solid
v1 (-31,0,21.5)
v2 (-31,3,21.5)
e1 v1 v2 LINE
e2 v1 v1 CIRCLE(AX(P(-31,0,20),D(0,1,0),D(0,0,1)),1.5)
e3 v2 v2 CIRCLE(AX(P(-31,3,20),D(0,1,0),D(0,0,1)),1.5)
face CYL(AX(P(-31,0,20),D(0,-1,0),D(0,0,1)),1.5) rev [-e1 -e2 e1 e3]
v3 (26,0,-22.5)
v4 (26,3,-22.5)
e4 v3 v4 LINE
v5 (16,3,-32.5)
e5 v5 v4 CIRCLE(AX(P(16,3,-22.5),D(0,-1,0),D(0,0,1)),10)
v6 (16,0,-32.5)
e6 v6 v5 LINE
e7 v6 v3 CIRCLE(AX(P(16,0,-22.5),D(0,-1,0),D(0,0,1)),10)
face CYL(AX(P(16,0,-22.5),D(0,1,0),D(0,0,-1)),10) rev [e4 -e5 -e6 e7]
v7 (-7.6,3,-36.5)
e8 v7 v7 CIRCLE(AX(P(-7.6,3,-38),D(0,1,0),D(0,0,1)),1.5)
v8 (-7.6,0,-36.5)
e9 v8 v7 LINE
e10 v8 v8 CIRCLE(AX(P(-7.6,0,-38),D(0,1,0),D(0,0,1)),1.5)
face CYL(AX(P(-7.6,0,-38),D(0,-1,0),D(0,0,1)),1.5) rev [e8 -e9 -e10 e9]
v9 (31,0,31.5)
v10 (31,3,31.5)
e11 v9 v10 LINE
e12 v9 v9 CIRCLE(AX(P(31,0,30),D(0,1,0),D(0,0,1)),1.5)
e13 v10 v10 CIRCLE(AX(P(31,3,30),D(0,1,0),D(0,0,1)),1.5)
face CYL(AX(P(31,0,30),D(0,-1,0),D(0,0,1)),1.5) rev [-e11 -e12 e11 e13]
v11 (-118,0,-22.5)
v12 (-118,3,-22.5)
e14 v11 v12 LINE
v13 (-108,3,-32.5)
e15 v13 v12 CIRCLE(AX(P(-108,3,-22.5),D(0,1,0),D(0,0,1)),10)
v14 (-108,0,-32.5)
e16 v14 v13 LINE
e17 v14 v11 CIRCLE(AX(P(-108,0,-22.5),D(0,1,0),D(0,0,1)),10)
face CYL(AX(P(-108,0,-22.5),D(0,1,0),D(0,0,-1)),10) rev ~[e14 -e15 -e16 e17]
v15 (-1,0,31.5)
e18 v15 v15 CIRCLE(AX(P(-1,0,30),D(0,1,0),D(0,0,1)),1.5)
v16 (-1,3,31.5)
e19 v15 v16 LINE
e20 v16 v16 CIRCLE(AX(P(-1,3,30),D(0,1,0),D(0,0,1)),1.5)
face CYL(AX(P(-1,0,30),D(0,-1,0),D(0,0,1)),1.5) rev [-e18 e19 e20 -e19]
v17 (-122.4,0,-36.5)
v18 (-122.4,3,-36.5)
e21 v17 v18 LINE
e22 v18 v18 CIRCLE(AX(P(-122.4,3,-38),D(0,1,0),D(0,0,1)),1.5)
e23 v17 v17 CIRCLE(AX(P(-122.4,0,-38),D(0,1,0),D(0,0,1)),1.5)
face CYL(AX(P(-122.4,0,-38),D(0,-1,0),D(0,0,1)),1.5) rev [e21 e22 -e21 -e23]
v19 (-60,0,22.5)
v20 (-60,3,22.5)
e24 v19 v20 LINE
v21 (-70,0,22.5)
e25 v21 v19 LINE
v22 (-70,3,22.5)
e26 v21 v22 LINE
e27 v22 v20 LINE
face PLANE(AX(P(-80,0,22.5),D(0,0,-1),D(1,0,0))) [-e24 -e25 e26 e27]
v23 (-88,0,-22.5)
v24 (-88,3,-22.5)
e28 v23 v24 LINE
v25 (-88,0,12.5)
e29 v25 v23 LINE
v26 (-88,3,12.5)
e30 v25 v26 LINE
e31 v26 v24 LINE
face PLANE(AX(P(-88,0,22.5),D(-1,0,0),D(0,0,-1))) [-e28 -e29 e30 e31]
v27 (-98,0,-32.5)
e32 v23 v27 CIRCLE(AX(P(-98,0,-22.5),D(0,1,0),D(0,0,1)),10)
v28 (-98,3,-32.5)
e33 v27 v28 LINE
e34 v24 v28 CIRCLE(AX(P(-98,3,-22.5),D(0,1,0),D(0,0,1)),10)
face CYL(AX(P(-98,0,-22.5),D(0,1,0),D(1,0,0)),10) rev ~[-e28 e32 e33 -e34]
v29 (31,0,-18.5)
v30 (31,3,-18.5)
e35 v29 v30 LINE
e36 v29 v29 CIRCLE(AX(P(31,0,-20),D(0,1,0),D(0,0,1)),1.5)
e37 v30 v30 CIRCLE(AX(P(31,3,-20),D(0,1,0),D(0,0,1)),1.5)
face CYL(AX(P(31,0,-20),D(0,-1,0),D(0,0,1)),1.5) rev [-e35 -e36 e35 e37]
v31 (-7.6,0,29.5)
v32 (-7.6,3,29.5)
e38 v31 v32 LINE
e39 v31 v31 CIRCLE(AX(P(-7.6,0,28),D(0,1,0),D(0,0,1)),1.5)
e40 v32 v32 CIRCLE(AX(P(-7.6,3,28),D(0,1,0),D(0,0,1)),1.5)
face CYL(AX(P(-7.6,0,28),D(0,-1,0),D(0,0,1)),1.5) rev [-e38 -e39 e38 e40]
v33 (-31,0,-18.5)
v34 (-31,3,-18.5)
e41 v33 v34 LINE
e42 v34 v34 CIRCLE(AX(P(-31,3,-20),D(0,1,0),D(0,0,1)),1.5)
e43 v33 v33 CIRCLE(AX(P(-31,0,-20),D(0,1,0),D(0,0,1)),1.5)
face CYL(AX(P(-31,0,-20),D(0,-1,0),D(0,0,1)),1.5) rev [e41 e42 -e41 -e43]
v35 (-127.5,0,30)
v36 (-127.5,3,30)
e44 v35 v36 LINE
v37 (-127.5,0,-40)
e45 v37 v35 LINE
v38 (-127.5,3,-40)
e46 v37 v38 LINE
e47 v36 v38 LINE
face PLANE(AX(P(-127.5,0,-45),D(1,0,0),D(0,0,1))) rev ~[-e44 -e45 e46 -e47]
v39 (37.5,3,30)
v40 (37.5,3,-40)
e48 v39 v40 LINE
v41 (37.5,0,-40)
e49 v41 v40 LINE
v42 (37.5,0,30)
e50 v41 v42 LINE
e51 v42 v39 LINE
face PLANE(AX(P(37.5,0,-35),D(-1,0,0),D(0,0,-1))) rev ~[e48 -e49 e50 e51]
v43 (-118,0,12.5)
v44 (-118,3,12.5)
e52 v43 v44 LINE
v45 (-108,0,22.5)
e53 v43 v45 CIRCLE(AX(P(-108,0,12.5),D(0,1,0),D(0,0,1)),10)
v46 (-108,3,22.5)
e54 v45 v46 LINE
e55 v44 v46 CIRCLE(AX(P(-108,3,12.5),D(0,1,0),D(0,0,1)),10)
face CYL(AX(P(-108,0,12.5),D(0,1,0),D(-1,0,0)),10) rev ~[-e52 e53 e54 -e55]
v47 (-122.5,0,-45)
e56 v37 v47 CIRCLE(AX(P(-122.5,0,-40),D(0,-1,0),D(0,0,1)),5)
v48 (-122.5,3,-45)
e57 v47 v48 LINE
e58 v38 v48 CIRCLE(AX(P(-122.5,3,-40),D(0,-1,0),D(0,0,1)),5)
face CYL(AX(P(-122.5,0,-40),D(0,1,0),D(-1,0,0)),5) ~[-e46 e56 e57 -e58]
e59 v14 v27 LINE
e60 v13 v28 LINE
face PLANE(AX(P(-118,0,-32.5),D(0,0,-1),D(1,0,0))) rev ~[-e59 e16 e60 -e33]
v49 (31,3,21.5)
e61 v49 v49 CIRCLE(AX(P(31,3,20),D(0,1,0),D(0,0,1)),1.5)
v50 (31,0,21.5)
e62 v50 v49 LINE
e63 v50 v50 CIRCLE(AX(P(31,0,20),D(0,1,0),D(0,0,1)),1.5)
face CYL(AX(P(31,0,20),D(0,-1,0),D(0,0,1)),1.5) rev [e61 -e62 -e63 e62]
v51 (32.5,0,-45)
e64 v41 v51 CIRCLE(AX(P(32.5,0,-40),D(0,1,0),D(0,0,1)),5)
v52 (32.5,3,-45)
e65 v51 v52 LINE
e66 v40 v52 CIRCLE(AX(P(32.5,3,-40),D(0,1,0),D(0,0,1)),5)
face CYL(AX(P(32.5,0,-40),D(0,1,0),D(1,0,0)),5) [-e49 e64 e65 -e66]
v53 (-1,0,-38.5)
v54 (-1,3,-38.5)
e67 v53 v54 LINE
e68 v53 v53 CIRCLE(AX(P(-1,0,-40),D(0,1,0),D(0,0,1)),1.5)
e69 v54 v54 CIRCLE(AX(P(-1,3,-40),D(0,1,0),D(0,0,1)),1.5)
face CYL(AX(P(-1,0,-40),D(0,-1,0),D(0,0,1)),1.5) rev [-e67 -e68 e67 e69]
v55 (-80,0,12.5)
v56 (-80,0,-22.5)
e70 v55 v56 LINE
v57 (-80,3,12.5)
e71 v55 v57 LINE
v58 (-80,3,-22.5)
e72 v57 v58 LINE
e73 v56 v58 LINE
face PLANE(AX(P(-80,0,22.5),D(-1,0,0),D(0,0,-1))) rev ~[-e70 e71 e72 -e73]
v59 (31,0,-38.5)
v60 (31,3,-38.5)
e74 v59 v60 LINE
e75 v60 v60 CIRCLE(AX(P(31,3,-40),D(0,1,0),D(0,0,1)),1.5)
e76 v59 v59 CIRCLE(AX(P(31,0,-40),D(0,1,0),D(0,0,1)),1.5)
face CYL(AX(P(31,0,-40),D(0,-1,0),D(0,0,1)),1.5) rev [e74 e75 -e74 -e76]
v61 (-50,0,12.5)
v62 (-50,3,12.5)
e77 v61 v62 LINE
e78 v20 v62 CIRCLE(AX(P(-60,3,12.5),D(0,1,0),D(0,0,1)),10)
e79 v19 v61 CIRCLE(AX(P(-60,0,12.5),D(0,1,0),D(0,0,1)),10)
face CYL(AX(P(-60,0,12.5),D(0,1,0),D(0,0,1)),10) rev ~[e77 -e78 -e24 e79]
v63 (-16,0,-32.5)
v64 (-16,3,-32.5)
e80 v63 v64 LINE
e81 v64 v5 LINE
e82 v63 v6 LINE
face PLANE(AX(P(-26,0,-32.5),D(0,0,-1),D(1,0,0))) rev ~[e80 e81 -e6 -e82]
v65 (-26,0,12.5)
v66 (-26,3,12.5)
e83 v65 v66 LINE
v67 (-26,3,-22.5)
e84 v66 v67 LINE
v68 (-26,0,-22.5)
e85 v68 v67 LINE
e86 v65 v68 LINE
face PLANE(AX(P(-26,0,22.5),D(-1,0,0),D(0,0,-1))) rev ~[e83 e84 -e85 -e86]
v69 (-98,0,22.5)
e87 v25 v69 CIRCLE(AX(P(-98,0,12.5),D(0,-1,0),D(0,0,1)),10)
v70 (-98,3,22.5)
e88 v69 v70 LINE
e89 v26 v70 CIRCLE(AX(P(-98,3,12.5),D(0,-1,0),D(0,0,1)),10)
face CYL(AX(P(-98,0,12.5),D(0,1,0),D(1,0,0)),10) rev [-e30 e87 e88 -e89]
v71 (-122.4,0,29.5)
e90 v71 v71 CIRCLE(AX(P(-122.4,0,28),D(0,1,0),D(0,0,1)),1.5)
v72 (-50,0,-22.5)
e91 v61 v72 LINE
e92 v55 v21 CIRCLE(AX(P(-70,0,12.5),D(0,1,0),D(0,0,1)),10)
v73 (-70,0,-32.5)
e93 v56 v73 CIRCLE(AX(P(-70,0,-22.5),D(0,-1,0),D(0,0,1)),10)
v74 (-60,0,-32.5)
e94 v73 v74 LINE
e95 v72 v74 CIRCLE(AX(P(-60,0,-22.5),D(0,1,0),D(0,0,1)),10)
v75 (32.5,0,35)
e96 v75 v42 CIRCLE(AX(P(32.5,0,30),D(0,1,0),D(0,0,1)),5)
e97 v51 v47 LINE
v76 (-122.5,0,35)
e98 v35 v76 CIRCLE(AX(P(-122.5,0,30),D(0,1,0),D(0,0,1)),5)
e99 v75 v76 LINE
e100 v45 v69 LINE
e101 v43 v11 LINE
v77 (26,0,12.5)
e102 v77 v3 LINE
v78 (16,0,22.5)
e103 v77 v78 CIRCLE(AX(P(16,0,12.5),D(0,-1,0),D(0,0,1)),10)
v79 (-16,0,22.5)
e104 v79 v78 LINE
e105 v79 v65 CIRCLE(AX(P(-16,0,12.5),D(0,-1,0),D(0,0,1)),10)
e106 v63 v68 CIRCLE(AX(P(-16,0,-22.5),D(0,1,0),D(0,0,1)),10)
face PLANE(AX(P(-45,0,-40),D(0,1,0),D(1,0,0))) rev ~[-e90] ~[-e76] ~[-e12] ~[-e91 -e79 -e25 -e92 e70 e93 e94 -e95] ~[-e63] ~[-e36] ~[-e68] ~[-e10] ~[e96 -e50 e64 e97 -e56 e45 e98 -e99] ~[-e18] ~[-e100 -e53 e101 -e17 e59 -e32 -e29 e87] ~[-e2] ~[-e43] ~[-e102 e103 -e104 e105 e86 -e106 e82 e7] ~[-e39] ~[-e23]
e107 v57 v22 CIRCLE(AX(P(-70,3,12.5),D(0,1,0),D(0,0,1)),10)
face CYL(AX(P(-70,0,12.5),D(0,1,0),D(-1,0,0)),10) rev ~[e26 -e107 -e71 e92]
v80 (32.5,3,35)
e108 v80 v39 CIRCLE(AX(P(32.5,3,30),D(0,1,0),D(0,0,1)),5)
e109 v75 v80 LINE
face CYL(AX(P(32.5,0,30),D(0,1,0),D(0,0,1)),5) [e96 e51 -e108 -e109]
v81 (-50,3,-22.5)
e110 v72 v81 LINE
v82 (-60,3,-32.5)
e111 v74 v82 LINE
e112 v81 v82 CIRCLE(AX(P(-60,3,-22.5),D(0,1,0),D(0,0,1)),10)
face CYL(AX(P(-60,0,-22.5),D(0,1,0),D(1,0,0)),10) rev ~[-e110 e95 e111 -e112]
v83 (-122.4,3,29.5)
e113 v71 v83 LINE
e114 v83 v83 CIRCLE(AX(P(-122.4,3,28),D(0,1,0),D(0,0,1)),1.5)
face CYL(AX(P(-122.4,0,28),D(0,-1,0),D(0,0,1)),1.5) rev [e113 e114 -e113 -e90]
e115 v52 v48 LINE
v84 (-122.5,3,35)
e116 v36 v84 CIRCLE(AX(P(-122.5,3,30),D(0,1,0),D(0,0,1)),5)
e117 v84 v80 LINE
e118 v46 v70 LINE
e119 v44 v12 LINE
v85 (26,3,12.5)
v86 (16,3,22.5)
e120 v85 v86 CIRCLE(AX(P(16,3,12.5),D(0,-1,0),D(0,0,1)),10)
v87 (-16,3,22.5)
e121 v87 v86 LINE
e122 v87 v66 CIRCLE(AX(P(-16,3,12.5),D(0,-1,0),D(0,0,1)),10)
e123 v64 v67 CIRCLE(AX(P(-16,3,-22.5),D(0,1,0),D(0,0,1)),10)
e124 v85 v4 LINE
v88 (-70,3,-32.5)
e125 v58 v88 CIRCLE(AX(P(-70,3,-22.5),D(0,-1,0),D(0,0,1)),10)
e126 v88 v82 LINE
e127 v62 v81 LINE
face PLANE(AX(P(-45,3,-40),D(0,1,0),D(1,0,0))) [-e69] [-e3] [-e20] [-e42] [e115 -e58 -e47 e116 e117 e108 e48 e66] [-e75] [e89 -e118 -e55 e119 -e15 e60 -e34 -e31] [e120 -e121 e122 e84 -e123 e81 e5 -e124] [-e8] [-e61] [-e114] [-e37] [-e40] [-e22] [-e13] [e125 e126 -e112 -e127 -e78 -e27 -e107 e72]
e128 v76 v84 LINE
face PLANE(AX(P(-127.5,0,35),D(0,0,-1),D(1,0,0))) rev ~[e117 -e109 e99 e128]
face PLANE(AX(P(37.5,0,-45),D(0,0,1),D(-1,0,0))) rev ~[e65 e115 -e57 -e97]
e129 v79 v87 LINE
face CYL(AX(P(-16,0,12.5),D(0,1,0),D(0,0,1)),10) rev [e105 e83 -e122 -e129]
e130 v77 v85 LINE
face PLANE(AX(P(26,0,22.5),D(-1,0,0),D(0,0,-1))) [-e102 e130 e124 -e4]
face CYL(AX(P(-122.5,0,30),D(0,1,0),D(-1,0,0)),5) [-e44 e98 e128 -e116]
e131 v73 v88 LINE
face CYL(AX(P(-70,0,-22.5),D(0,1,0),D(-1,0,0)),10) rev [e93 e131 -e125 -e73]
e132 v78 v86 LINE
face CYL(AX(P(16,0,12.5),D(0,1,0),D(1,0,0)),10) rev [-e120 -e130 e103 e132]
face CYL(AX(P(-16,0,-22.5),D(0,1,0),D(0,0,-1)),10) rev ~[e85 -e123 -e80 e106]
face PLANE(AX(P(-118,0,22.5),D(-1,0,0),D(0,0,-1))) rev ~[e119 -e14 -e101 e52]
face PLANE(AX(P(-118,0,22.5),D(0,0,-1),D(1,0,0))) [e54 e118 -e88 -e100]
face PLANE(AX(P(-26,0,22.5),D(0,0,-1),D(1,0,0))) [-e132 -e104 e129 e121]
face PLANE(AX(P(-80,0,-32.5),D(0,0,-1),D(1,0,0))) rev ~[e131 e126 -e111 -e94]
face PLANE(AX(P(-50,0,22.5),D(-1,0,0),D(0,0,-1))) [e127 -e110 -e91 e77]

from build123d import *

# Parameters (mm, degrees)
SKETCH_1_W      = 75
SKETCH_1_H      = 70
SKETCH_1_R      = 1.5
SKETCH_1_W_2    = 52
SKETCH_1_H_2    = 55
SKETCH_1_W_3    = 90
SKETCH_1_W_4    = 30
EXTRUDE_1_DEPTH = 3
FILLET_1_R      = 10
FILLET_2_R      = 5
FILLET_3_R      = 10


with BuildPart() as part:
    # 草图1 → 凸台-拉伸1 (new body)
    # profile 1 of 3: a face of its own
    with BuildSketch(Plane(origin=(0, 0, 0), x_dir=(1, 0, 0), z_dir=(0, 1, 0))):
        Rectangle(SKETCH_1_W, SKETCH_1_H)
        with Locations(Location((-7.6, -28, 0), (0, 0, 270))):
            Circle(SKETCH_1_R, mode=Mode.SUBTRACT)
        with Locations(Location((-31, -20, 0), (0, 0, 270))):
            Circle(SKETCH_1_R, mode=Mode.SUBTRACT)
        with Locations(Location((-1, -30, 0), (0, 0, 270))):
            Circle(SKETCH_1_R, mode=Mode.SUBTRACT)
        with Locations(Location((31, -30, 0), (0, 0, 270))):
            Circle(SKETCH_1_R, mode=Mode.SUBTRACT)
        with Locations(Location((31, -20, 0), (0, 0, 270))):
            Circle(SKETCH_1_R, mode=Mode.SUBTRACT)
        with Locations((0, 5)):
            Rectangle(SKETCH_1_W_2, SKETCH_1_H_2, mode=Mode.SUBTRACT)
        with Locations(Location((-31, 20, 0), (0, 0, 270))):
            Circle(SKETCH_1_R, mode=Mode.SUBTRACT)
        with Locations(Location((31, 20, 0), (0, 0, 270))):
            Circle(SKETCH_1_R, mode=Mode.SUBTRACT)
    # profile 2 of 3: a face of its own
    with BuildSketch(Plane(origin=(0, 0, 0), x_dir=(1, 0, 0), z_dir=(0, 1, 0))):
        with Locations((-82.5, 0)):
            Rectangle(SKETCH_1_W_3, SKETCH_1_H)
        with Locations(Location((-122.4, -28, 0), (0, 0, 270))):
            Circle(SKETCH_1_R, mode=Mode.SUBTRACT)
        with Locations((-65, 5)):
            Rectangle(SKETCH_1_W_4, SKETCH_1_H_2, mode=Mode.SUBTRACT)
        with Locations((-103, 5)):
            Rectangle(SKETCH_1_W_4, SKETCH_1_H_2, mode=Mode.SUBTRACT)
    # profile 3 of 3: a face of its own
    with BuildSketch(Plane(origin=(0, 0, 0), x_dir=(1, 0, 0), z_dir=(0, 1, 0))):
        Polygon((-127.5, 35), (-37.5, 35), (37.5, 35), (37.5, 45), (-127.5, 45), align=None)
        with Locations(Location((-122.4, 38, 0), (0, 0, 270))):
            Circle(SKETCH_1_R, mode=Mode.SUBTRACT)
        with Locations(Location((-7.6, 38, 0), (0, 0, 270))):
            Circle(SKETCH_1_R, mode=Mode.SUBTRACT)
        with Locations(Location((-1, 40, 0), (0, 0, 270))):
            Circle(SKETCH_1_R, mode=Mode.SUBTRACT)
        with Locations(Location((31, 40, 0), (0, 0, 270))):
            Circle(SKETCH_1_R, mode=Mode.SUBTRACT)
    extrude(amount=EXTRUDE_1_DEPTH)

    # 圆角1
    fillet_1_edges = [part.edges().sort_by_distance(p)[0] for p in [
        (-88, 1.5, -32.5),
        (-118, 1.5, -32.5),
        (-118, 1.5, 22.5),
        (-88, 1.5, 22.5),
        (-50, 1.5, -32.5),
        (-80, 1.5, -32.5),
        (-80, 1.5, 22.5),
        (-50, 1.5, 22.5),
    ]]
    fillet(fillet_1_edges, radius=FILLET_1_R)

    # 圆角2
    fillet_2_edges = [part.edges().sort_by_distance(p)[0] for p in [
        (-127.5, 1.5, -45),
        (37.5, 1.5, -45),
        (37.5, 1.5, 35),
        (-127.5, 1.5, 35),
    ]]
    fillet(fillet_2_edges, radius=FILLET_2_R)

    # 圆角3
    fillet_3_edges = [part.edges().sort_by_distance(p)[0] for p in [
        (26, 1.5, -32.5),
        (-26, 1.5, -32.5),
        (-26, 1.5, 22.5),
        (26, 1.5, 22.5),
    ]]
    fillet(fillet_3_edges, radius=FILLET_3_R)


solid = part.part
